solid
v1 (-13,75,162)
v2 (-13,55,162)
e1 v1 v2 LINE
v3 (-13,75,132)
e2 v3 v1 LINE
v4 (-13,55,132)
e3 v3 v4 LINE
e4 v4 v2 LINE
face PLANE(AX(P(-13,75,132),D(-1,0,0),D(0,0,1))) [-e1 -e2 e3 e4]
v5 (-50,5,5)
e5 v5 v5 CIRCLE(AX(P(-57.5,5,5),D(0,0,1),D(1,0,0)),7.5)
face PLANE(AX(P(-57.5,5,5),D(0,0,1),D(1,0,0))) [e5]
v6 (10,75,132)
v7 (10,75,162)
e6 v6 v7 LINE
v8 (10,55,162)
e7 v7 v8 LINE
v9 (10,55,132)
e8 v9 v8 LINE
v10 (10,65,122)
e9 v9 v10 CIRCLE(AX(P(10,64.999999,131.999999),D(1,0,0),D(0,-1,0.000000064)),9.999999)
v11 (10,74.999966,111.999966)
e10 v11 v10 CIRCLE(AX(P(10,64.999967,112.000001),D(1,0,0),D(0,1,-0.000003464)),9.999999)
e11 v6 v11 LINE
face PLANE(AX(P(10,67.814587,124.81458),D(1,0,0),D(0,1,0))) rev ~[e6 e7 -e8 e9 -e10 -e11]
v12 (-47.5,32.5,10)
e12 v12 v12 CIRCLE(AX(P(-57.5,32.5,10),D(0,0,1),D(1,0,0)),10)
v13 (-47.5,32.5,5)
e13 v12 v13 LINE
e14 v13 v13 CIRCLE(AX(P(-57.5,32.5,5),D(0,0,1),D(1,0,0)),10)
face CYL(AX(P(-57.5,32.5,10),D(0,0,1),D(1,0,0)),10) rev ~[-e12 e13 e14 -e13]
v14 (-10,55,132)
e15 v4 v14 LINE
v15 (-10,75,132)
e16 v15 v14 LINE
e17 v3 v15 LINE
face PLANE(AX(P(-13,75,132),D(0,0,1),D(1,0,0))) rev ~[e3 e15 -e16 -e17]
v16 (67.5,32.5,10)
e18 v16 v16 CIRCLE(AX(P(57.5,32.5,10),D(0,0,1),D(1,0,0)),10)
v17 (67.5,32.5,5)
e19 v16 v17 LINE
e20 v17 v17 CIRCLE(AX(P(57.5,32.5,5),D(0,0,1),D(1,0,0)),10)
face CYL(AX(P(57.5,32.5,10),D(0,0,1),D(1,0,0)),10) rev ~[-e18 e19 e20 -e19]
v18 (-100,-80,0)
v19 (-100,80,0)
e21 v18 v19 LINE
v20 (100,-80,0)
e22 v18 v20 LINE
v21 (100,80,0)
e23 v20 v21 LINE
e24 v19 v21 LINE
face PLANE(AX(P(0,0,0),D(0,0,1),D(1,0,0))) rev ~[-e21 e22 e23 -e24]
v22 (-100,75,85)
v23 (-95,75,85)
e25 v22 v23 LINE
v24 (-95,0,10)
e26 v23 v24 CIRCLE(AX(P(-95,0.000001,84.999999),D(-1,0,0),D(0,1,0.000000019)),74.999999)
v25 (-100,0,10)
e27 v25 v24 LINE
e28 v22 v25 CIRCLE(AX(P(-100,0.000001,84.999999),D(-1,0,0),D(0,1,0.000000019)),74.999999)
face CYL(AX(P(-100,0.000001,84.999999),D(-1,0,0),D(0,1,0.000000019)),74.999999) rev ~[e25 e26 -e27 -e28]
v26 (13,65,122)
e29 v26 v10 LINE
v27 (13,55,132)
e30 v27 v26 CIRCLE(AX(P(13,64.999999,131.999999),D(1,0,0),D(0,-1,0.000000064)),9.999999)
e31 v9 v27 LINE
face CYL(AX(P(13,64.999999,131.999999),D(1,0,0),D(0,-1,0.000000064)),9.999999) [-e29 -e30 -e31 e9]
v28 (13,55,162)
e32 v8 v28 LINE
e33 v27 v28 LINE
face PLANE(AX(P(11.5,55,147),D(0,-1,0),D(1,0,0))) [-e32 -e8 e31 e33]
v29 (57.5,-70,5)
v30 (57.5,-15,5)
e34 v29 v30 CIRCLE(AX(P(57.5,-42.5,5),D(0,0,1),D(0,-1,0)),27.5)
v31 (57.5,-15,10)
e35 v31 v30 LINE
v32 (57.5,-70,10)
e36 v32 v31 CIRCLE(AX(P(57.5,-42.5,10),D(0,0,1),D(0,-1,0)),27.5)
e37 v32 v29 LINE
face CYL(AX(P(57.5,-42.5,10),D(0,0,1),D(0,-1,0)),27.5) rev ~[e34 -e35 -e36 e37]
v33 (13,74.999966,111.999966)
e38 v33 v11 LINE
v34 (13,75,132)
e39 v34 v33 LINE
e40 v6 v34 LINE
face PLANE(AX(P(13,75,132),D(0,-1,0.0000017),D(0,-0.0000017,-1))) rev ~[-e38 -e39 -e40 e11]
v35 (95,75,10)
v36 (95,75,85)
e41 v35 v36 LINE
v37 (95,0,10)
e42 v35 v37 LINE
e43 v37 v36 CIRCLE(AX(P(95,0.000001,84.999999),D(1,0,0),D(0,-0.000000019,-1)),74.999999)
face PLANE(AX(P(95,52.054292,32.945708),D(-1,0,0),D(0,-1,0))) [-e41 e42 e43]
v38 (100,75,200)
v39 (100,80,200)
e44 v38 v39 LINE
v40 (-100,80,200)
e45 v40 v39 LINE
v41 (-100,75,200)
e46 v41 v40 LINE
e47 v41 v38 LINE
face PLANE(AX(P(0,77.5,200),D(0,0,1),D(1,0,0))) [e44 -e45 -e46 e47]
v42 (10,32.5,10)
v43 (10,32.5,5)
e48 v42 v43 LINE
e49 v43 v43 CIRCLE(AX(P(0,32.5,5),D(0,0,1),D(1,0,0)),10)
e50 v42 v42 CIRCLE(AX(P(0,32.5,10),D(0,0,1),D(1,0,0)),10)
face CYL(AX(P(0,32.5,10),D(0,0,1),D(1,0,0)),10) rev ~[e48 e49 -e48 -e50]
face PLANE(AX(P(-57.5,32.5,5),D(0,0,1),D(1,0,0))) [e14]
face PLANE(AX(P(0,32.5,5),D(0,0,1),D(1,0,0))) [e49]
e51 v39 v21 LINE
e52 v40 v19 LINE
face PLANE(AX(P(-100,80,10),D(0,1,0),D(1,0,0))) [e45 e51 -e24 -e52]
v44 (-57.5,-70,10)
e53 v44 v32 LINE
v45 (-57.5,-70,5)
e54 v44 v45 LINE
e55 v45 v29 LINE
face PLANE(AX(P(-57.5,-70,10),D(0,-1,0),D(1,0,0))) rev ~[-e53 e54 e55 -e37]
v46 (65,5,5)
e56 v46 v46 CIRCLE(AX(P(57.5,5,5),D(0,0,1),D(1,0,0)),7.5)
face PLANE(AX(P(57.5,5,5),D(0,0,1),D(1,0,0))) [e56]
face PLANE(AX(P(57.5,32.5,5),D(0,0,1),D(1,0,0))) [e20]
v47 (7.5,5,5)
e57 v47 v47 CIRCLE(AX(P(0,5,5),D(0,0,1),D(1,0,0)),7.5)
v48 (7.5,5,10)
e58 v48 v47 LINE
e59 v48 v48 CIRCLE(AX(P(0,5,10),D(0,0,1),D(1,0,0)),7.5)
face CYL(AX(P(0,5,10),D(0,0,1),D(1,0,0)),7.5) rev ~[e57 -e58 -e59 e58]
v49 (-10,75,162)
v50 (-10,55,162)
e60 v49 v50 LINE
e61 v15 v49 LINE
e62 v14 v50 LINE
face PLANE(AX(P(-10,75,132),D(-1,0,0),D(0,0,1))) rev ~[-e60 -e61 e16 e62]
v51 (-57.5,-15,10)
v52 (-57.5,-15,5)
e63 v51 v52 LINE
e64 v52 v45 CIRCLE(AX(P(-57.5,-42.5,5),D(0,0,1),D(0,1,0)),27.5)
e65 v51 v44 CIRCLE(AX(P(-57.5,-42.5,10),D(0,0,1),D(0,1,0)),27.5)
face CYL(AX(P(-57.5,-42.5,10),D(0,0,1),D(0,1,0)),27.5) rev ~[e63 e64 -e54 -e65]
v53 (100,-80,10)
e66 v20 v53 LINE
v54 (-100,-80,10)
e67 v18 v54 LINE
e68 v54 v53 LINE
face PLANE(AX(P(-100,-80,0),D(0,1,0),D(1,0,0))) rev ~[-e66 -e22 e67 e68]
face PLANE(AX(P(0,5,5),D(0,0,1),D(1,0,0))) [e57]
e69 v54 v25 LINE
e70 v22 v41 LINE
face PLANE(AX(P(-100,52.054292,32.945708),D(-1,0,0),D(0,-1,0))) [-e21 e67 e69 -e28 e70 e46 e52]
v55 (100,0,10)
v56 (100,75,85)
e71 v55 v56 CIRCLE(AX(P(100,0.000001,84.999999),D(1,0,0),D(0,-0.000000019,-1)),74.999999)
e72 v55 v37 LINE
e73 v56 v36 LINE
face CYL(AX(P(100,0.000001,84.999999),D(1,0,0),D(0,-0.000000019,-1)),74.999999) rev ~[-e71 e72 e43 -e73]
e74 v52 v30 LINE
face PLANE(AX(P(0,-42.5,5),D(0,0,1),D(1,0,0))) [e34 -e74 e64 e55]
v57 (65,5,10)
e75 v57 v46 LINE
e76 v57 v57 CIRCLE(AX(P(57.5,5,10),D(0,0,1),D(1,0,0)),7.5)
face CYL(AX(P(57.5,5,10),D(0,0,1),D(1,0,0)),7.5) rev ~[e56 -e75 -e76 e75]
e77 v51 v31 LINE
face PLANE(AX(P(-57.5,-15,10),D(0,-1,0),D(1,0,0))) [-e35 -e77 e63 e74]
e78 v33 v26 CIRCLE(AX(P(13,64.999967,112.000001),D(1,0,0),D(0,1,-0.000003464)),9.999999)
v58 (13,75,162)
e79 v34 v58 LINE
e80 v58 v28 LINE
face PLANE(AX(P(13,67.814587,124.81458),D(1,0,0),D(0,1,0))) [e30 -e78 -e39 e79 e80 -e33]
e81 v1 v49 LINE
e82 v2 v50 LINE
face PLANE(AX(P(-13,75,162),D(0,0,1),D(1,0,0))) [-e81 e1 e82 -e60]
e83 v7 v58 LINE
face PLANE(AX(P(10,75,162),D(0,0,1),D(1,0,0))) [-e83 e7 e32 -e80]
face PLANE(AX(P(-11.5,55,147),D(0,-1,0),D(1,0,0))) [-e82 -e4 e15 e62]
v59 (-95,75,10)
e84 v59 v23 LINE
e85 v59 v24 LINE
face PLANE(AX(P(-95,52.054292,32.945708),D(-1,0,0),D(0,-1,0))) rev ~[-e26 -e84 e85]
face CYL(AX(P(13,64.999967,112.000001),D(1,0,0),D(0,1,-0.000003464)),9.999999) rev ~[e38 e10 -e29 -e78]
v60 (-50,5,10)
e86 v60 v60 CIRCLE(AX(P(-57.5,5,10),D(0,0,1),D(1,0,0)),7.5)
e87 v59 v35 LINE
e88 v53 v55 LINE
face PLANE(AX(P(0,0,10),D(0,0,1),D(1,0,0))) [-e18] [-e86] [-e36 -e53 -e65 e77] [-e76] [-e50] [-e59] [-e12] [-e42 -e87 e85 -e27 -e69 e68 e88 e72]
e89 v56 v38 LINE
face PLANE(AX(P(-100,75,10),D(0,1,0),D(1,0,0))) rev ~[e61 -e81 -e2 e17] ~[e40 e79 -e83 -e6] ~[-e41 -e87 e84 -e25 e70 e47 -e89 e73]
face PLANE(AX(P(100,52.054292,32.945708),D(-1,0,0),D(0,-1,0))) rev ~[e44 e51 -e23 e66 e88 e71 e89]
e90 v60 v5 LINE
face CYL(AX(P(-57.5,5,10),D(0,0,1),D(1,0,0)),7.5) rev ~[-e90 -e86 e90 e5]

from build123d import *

# Parameters (mm, degrees)
SKETCH_W      = 200
SKETCH_H      = 160
PAD_DEPTH     = 10
SKETCH001_R   = 7.5
SKETCH001_R_2 = 10
POCKET_DEPTH  = 5
SKETCH002_W   = 200
SKETCH002_H   = 5
PAD001_DEPTH  = 190
PAD002_DEPTH  = 5
PAD003_DEPTH  = 5
SKETCH005_W   = 3
SKETCH005_H   = 30
PAD004_DEPTH  = 20
PAD005_DEPTH  = 3


with BuildPart() as part:
    # Sketch → Pad (new body)
    with BuildSketch(Plane.XY):
        Rectangle(SKETCH_W, SKETCH_H)
    extrude(amount=PAD_DEPTH)

    # Sketch001 → Pocket (cut)
    with BuildSketch(Plane.XY.offset(10)):
        with Locations((57.5, 5)):
            Circle(SKETCH001_R)
        with Locations((0, 5)):
            Circle(SKETCH001_R)
        with Locations((-57.5, 5)):
            Circle(SKETCH001_R)
        with Locations((-57.5, 32.5)):
            Circle(SKETCH001_R_2)
        with Locations((0, 32.5)):
            Circle(SKETCH001_R_2)
        with Locations((57.5, 32.5)):
            Circle(SKETCH001_R_2)
        with BuildLine():
            ThreePointArc((-57.5, -15), (-85, -42.5), (-57.5, -70))
            Line((-57.5, -70), (57.5, -70))
            ThreePointArc((57.5, -70), (85, -42.5), (57.5, -15))
            Line((-57.5, -15), (57.5, -15))
        make_face()
    extrude(amount=-POCKET_DEPTH, mode=Mode.SUBTRACT)

    # Sketch002 → Pad001 (new body)
    with BuildSketch(Plane.XY.offset(10)):
        with Locations((0, 77.5)):
            Rectangle(SKETCH002_W, SKETCH002_H)
    extrude(amount=PAD001_DEPTH)

    # Sketch003 → Pad002 (new body)
    with BuildSketch(Plane.YZ.offset(100)):
        with BuildLine():
            Line((75, 10), (0, 10))
            ThreePointArc((0, 10), (53.033009, 31.966991), (75, 85))
            Line((75, 10), (75, 85))
        make_face()
    extrude(amount=-PAD002_DEPTH)

    # Sketch004 → Pad003 (new body)
    with BuildSketch(Plane(origin=(-100, 0, 0), x_dir=(0, -1, 0), z_dir=(-1, 0, 0))):
        with BuildLine():
            Line((-75, 10), (0, 10))
            ThreePointArc((-75, 85), (-53.033009, 31.966991), (0, 10))
            Line((-75, 10), (-75, 85))
        make_face()
    extrude(amount=-PAD003_DEPTH)

    # Sketch005 → Pad004 (new body)
    with BuildSketch(Plane.XZ.offset(-75)):
        with Locations((-11.5, 147)):
            Rectangle(SKETCH005_W, SKETCH005_H)
        with Locations((11.5, 147)):
            Rectangle(SKETCH005_W, SKETCH005_H)
    extrude(amount=PAD004_DEPTH)

    # Sketch006 → Pad005 (new body)
    with BuildSketch(Plane.YZ.offset(13)):
        with BuildLine():
            ThreePointArc((55, 132), (57.928932, 124.928932), (65, 122))
            ThreePointArc((74.999966, 111.999966), (72.071058, 119.071044), (65, 122))
            Line((75, 132), (74.999966, 111.999966))
            Line((55, 132), (75, 132))
        make_face()
    extrude(amount=-PAD005_DEPTH)


solid = part.part
